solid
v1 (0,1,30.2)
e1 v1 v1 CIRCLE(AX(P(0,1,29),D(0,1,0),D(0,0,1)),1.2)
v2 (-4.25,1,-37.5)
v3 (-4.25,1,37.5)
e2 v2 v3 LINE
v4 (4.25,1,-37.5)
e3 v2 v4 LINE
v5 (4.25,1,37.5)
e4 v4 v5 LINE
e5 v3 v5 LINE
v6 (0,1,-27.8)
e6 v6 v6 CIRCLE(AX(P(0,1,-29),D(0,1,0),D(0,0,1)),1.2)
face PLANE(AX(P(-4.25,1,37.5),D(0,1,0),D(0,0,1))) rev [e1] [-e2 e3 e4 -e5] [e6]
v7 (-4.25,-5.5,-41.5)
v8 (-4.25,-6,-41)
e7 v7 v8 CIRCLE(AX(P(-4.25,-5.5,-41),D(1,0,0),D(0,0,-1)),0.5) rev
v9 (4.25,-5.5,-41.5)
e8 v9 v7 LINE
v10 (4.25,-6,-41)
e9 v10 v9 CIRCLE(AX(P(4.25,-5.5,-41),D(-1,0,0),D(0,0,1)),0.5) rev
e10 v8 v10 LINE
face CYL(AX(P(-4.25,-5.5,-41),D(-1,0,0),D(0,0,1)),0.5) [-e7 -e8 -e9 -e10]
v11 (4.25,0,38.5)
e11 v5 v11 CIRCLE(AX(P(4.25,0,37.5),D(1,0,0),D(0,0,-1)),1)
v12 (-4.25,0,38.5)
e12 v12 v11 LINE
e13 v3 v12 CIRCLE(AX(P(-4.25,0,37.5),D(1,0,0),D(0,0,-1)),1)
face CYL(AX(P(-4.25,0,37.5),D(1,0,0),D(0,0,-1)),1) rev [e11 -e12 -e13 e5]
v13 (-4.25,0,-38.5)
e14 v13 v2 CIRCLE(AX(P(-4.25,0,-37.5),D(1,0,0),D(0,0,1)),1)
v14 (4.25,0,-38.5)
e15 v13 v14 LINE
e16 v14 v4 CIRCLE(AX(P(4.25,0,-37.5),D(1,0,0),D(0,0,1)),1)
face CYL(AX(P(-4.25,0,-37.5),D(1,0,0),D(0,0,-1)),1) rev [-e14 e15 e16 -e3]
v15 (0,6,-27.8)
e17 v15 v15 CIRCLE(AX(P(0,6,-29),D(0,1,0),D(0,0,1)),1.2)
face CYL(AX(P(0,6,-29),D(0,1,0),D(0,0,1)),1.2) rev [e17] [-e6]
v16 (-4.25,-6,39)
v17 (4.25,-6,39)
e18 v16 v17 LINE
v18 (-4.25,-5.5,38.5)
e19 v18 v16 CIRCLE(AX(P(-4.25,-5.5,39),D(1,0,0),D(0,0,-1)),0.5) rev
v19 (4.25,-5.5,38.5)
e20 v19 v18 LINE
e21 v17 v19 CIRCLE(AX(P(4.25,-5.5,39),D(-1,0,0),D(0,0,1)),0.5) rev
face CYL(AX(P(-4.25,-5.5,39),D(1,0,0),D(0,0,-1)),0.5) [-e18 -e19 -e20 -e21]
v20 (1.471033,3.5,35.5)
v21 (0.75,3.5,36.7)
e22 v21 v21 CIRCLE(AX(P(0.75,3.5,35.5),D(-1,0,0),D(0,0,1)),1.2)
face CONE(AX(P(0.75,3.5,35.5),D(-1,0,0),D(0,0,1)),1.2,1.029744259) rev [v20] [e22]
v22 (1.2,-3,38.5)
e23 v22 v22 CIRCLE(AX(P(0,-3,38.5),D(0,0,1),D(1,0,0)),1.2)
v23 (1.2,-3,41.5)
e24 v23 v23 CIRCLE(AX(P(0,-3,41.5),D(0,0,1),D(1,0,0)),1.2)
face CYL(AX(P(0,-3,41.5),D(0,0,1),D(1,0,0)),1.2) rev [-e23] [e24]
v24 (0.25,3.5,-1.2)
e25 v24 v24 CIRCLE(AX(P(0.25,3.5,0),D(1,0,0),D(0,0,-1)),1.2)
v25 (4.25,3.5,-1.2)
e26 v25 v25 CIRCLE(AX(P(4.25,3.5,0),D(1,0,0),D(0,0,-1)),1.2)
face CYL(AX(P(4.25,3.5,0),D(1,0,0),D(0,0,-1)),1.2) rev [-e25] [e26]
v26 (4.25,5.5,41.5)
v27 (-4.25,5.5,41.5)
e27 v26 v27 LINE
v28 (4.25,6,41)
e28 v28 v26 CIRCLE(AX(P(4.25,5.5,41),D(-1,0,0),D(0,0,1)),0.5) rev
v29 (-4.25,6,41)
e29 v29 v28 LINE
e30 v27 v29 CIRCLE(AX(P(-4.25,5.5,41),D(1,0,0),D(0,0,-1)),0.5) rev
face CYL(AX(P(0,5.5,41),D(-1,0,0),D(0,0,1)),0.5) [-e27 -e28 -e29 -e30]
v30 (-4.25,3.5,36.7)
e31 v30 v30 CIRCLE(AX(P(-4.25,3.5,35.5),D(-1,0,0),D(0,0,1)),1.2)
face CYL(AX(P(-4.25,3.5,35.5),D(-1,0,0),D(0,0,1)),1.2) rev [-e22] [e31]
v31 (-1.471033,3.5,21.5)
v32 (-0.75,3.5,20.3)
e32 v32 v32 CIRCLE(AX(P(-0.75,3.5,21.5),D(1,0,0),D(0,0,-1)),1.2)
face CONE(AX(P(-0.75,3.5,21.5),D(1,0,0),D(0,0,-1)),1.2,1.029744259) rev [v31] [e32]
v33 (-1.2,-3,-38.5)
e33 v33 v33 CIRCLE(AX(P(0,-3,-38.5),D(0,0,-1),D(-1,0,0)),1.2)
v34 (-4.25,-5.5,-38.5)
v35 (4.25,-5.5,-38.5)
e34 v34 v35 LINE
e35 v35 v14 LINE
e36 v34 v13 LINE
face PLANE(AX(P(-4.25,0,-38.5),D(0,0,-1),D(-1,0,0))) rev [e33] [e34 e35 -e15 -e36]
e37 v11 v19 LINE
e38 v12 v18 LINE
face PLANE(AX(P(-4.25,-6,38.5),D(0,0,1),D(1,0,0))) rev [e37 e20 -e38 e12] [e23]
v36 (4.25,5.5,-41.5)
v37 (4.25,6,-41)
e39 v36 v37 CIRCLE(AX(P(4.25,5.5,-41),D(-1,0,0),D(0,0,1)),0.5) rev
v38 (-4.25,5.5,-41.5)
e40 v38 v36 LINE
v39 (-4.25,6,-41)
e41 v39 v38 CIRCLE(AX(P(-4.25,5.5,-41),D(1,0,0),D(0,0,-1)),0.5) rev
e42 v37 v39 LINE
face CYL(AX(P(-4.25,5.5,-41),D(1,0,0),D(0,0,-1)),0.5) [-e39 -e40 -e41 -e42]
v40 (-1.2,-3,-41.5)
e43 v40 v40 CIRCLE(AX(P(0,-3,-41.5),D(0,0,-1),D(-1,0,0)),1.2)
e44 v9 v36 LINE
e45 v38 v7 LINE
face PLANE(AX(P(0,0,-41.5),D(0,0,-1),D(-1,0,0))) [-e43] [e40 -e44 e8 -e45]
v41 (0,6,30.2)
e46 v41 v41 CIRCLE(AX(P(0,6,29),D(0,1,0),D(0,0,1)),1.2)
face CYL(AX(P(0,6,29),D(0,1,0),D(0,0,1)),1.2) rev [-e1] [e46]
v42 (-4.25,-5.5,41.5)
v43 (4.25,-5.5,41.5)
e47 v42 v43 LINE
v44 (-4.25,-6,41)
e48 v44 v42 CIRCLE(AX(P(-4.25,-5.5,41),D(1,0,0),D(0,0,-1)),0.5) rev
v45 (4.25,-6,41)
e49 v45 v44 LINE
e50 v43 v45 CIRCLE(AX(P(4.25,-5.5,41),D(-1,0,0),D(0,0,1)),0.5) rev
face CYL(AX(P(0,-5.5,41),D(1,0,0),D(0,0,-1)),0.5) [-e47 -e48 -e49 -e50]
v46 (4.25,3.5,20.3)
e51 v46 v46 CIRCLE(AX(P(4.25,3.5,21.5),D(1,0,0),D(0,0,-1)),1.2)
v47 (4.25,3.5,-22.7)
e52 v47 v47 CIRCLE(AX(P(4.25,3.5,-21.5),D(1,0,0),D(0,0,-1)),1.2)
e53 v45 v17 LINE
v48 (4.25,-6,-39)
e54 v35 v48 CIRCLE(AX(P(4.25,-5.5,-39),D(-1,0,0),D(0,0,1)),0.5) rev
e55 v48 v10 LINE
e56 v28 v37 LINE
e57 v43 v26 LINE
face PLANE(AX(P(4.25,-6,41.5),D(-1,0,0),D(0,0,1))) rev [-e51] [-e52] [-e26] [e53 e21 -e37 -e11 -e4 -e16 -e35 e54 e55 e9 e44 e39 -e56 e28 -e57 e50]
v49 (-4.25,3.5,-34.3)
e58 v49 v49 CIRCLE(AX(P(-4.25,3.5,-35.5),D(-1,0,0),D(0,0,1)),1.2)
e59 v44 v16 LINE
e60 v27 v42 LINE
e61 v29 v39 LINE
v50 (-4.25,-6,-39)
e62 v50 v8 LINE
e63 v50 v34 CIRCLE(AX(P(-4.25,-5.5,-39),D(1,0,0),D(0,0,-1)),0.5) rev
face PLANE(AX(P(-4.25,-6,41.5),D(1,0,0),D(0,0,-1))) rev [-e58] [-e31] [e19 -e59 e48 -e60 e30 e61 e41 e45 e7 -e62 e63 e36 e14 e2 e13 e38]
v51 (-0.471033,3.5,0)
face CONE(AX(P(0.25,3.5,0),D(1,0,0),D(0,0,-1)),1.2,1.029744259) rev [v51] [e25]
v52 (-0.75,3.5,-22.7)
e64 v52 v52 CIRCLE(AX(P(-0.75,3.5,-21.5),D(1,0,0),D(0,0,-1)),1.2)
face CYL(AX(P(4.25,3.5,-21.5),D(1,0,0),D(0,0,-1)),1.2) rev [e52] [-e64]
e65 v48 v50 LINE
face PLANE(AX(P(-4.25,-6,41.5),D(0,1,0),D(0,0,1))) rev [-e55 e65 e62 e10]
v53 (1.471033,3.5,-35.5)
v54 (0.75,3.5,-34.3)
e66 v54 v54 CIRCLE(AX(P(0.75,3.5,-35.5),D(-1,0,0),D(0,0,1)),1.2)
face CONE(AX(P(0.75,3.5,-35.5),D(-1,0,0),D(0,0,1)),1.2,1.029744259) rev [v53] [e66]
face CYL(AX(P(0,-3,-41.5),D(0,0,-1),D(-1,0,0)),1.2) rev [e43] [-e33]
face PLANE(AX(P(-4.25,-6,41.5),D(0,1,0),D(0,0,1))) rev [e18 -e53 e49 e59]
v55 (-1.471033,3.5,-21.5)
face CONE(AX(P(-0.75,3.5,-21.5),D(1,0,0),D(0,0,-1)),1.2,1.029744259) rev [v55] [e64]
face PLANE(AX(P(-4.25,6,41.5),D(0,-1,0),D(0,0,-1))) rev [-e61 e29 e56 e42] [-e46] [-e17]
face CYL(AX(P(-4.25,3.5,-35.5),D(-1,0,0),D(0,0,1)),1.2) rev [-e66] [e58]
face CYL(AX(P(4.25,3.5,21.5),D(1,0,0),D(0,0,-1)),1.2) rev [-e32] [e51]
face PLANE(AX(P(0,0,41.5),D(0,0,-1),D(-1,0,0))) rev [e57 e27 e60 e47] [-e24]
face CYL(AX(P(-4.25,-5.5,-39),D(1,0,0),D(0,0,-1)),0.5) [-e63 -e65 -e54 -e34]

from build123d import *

# Parameters (mm, degrees)
SKETCH1_W           = 8.5
SKETCH1_H           = 12
BOSS_EXTRUDE1_DEPTH = 41.5
CUT_EXTRUDE1_DEPTH  = 43.784342931
FILLET1_R           = 0.5
M2_HOLE1_R_D        = 2.4
M2_HOLE1_R_DEPTH    = 5
M2_HOLE1_R_TIP      = 0.721032743
M2_HOLE2_T_D        = 2.4
M2_HOLE2_T_DEPTH    = 4
M2_HOLE2_T_TIP      = 0.721032743
M2_HOLE3_U_D        = 2.4
M2_HOLE3_U_DEPTH    = 10
M2_HOLE3_U_TIP      = 0.721032743
M2_HOLE4_V_D        = 2.4
M2_HOLE5_W_D        = 2.4
M2_HOLE5_W_DEPTH    = 5
M2_HOLE5_W_TIP      = 0.721032743
M2_HOLE6_Y_D        = 2.4
M2_HOLE6_Y_DEPTH    = 10
M2_HOLE6_Y_TIP      = 0.721032743


with BuildPart() as part:
    # Sketch1 → Boss-Extrude1 (new, symmetric)
    with BuildSketch(Plane.XY):
        Rectangle(SKETCH1_W, SKETCH1_H)
    extrude(amount=BOSS_EXTRUDE1_DEPTH, both=True)

    # Sketch2 → Cut-Extrude1 (cut, through all)
    with BuildSketch(Plane(origin=(4.25, 0, 0), x_dir=(0, 0, -1), z_dir=(1, 0, 0))):
        with BuildLine():
            Line((-37.5, 1), (37.5, 1))
            ThreePointArc((37.5, 1), (38.207106781, 0.707106781), (38.5, 0))
            Line((38.5, 0), (38.5, -6))
            Line((38.5, -6), (-38.5, -6))
            Line((-38.5, -6), (-38.5, 0))
            ThreePointArc((-38.5, 0), (-38.207106781, 0.707106781), (-37.5, 1))
        make_face()
    extrude(amount=-CUT_EXTRUDE1_DEPTH, mode=Mode.SUBTRACT)

    # Fillet1
    fillet1_edges = [part.edges().sort_by_distance(p)[0] for p in [
        (0, -6, 41.5),
        (0, -6, -38.5),
        (0, -6, 38.5),
        (0, -6, -41.5),
        (0, 6, -41.5),
        (0, 6, 41.5),
    ]]
    fillet(fillet1_edges, radius=FILLET1_R)

    # M2 Hole1-R
    with Locations(Plane(origin=(4.25, 0, 0), x_dir=(0, 0, -1), z_dir=(1, 0, 0))):
        with Locations((21.5, 3.5), (-21.5, 3.5)):
            Hole(M2_HOLE1_R_D / 2, depth=M2_HOLE1_R_DEPTH)
            with Locations((0, 0, -(M2_HOLE1_R_DEPTH + M2_HOLE1_R_TIP / 2))):  # 118° drill point
                Cone(0, M2_HOLE1_R_D / 2, M2_HOLE1_R_TIP, mode=Mode.SUBTRACT)

    # M2 Hole2-T
    with Locations(Plane(origin=(4.25, 0, 0), x_dir=(0, 0, -1), z_dir=(1, 0, 0))):
        with Locations((0, 3.5)):
            Hole(M2_HOLE2_T_D / 2, depth=M2_HOLE2_T_DEPTH)
            with Locations((0, 0, -(M2_HOLE2_T_DEPTH + M2_HOLE2_T_TIP / 2))):  # 118° drill point
                Cone(0, M2_HOLE2_T_D / 2, M2_HOLE2_T_TIP, mode=Mode.SUBTRACT)

    # M2 Hole3-U
    with Locations(Plane.XY.offset(41.5)):
        with Locations((0, -3)):
            Hole(M2_HOLE3_U_D / 2, depth=M2_HOLE3_U_DEPTH)
            with Locations((0, 0, -(M2_HOLE3_U_DEPTH + M2_HOLE3_U_TIP / 2))):  # 118° drill point
                Cone(0, M2_HOLE3_U_D / 2, M2_HOLE3_U_TIP, mode=Mode.SUBTRACT)

    # M2 Hole4-V (through all)
    with Locations(Plane(origin=(0, 6, 0), x_dir=(1, 0, 0), z_dir=(0, 1, 0))):
        with Locations((0, 29), (0, -29)):
            Hole(M2_HOLE4_V_D / 2)

    # M2 Hole5-W
    with Locations(Plane.ZY.offset(4.25)):
        with Locations((-35.5, 3.5), (35.5, 3.5)):
            Hole(M2_HOLE5_W_D / 2, depth=M2_HOLE5_W_DEPTH)
            with Locations((0, 0, -(M2_HOLE5_W_DEPTH + M2_HOLE5_W_TIP / 2))):  # 118° drill point
                Cone(0, M2_HOLE5_W_D / 2, M2_HOLE5_W_TIP, mode=Mode.SUBTRACT)

    # M2 Hole6-Y
    with Locations(Plane(origin=(0, 0, -41.5), x_dir=(-1, 0, 0), z_dir=(0, 0, -1))):
        with Locations((0, -3)):
            Hole(M2_HOLE6_Y_D / 2, depth=M2_HOLE6_Y_DEPTH)
            with Locations((0, 0, -(M2_HOLE6_Y_DEPTH + M2_HOLE6_Y_TIP / 2))):  # 118° drill point
                Cone(0, M2_HOLE6_Y_D / 2, M2_HOLE6_Y_TIP, mode=Mode.SUBTRACT)


solid = part.part
